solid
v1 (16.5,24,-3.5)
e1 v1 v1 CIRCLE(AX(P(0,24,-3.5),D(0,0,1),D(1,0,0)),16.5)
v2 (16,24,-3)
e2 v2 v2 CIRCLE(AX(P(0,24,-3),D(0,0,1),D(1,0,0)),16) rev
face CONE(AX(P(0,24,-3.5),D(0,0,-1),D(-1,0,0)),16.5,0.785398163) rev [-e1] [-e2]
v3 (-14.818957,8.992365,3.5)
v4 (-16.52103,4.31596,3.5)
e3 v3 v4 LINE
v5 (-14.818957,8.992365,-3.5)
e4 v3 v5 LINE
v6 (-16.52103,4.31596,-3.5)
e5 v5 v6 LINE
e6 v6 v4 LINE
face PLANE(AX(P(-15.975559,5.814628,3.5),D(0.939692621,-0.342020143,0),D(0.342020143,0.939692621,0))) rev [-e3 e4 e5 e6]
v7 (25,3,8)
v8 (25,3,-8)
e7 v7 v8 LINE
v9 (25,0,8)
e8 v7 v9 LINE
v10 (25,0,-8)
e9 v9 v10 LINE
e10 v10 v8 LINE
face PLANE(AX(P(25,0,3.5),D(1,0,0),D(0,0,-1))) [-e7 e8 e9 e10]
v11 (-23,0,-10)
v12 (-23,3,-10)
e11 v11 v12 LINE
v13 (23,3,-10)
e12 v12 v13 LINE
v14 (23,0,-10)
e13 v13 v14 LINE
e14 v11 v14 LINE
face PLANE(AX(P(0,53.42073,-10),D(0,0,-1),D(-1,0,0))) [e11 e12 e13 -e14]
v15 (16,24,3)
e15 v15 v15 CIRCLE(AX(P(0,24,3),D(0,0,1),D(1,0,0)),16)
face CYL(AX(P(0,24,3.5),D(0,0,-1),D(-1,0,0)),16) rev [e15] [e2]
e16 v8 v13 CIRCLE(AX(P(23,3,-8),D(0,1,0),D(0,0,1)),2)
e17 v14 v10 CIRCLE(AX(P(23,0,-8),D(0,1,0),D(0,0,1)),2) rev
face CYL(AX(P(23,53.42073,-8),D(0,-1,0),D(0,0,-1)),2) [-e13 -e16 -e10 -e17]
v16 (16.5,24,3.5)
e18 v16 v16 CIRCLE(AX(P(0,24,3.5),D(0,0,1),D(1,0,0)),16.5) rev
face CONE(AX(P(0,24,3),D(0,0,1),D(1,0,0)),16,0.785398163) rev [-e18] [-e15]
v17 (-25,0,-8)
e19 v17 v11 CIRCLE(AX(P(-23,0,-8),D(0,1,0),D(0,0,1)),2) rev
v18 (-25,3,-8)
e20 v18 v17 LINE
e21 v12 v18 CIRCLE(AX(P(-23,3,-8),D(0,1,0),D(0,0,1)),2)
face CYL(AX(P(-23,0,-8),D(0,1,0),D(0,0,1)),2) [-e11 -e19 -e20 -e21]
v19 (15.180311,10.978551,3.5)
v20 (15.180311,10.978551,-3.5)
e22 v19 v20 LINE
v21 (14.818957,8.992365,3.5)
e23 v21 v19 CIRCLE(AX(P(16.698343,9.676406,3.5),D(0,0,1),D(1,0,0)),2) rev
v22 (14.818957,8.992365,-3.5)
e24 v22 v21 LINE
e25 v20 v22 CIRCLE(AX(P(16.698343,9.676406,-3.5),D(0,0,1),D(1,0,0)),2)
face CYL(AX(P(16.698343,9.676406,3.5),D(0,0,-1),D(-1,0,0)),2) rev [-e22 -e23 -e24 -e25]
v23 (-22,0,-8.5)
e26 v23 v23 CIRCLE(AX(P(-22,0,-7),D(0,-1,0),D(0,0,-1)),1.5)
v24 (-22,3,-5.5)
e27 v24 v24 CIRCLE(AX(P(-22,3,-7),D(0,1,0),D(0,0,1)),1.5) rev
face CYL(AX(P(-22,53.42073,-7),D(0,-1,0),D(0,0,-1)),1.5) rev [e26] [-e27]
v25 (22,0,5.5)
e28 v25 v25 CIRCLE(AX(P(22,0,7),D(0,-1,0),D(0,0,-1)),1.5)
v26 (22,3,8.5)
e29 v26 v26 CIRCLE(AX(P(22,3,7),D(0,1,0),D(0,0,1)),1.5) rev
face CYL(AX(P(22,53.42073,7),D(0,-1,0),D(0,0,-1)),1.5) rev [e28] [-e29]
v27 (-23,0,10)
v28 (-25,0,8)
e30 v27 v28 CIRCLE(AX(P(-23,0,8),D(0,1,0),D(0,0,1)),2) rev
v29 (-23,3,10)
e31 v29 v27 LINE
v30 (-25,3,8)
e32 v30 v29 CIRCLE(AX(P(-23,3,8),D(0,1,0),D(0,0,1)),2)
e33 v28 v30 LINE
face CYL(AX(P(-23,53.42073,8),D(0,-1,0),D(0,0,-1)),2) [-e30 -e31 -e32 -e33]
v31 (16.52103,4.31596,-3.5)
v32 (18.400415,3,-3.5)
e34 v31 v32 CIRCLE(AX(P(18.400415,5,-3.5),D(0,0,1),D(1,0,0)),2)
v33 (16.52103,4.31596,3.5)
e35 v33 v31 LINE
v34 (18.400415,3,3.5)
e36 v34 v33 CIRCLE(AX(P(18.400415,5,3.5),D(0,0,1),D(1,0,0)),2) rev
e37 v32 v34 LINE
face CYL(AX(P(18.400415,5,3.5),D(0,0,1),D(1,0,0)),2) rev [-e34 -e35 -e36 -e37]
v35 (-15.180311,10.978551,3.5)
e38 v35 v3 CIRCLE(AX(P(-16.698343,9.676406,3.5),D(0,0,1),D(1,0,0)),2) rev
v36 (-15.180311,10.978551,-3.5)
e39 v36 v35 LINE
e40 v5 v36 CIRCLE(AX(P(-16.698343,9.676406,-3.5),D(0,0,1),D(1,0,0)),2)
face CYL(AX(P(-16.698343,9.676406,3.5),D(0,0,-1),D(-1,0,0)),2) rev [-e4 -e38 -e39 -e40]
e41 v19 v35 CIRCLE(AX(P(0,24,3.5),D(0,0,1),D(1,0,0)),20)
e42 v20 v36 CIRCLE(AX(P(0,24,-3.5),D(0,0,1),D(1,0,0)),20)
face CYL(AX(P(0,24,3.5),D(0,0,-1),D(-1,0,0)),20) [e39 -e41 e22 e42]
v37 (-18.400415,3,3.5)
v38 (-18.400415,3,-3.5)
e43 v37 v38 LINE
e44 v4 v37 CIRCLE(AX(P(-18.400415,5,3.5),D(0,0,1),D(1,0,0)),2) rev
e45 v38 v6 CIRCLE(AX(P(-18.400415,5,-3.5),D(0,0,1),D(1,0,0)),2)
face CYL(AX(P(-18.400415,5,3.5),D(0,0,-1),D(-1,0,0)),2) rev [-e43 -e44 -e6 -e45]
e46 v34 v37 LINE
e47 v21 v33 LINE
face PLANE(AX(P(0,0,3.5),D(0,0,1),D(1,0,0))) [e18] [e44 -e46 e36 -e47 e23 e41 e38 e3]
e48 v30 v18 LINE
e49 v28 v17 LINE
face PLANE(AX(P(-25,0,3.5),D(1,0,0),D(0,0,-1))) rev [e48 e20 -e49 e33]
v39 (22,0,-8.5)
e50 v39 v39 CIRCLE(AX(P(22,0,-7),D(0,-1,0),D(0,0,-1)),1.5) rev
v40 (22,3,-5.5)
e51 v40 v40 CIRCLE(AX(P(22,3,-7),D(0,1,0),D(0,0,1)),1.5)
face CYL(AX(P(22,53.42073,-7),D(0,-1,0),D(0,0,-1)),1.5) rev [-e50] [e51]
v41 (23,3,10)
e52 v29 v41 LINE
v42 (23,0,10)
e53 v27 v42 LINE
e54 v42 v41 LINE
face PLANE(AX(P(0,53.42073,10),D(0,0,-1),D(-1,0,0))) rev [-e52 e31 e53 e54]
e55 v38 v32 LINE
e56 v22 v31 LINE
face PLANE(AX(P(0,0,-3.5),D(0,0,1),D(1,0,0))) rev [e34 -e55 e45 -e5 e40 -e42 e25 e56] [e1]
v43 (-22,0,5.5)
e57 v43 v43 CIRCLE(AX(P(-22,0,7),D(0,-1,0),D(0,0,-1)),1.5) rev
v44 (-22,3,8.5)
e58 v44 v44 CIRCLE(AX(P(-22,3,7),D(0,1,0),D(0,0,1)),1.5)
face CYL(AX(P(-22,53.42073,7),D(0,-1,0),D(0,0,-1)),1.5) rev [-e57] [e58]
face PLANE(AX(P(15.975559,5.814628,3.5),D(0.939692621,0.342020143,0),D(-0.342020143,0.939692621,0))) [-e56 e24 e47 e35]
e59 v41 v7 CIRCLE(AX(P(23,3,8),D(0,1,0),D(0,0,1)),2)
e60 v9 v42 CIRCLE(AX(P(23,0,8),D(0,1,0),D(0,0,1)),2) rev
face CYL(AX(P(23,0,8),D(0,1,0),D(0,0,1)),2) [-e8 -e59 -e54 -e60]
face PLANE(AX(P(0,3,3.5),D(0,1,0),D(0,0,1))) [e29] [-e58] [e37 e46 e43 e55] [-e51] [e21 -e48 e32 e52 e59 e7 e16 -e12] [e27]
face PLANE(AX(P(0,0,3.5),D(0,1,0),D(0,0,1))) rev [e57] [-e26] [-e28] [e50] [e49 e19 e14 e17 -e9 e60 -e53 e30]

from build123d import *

# Parameters (mm, degrees)
SKETCH_1_R      = 16
EXTRUDE_1_DEPTH = 3.5
SKETCH_2_W      = 50
SKETCH_2_H      = 20
SKETCH_2_R      = 1.5
EXTRUDE_2_DEPTH = 3
FILLET_1_R      = 2
FILLET_2_R      = 2
CHAMFER_1_SIZE  = 0.5


with BuildPart() as part:
    # 草图1 → 凸台-拉伸1 (new, symmetric)
    with BuildSketch(Plane.XY):
        with BuildLine():
            Line((17, 3), (14.406055462, 10.126804045))
            ThreePointArc((14.406055462, 10.126804045), (0, 44), (-14.406055462, 10.126804045))
            Line((-14.406055462, 10.126804045), (-17, 3))
            Line((-17, 3), (-25, 3))
            Line((-25, 3), (-25, 0))
            Line((-25, 0), (25, 0))
            Line((25, 0), (25, 3))
            Line((25, 3), (17, 3))
        make_face()
        with Locations((0, 24)):
            Circle(SKETCH_1_R, mode=Mode.SUBTRACT)
    extrude(amount=EXTRUDE_1_DEPTH, both=True)

    # 草图2 → 凸台-拉伸2 (add)
    with BuildSketch(Plane.XZ):
        Rectangle(SKETCH_2_W, SKETCH_2_H)
        with Locations(Location((-22, -7, 0), (0, 0, 270))):
            Circle(SKETCH_2_R, mode=Mode.SUBTRACT)
        with Locations(Location((22, -7, 0), (0, 0, 270))):
            Circle(SKETCH_2_R, mode=Mode.SUBTRACT)
        with Locations(Location((22, 7, 0), (0, 0, 270))):
            Circle(SKETCH_2_R, mode=Mode.SUBTRACT)
        with Locations(Location((-22, 7, 0), (0, 0, 270))):
            Circle(SKETCH_2_R, mode=Mode.SUBTRACT)
    extrude(amount=-EXTRUDE_2_DEPTH)

    # 圆角1
    fillet_1_edges = [part.edges().sort_by_distance(p)[0] for p in [
        (14.406055462, 10.126804045, 0),
        (17, 3, 0),
        (-17, 3, 0),
        (-14.406055462, 10.126804045, 0),
    ]]
    fillet(fillet_1_edges, radius=FILLET_1_R)

    # 圆角2
    fillet_2_edges = [part.edges().sort_by_distance(p)[0] for p in [
        (-25, 1.5, 10),
        (25, 1.5, 10),
        (-25, 1.5, -10),
        (25, 1.5, -10),
    ]]
    fillet(fillet_2_edges, radius=FILLET_2_R)

    # 倒角1
    chamfer_1_edges = [part.edges().sort_by_distance(p)[0] for p in [
        (-16, 24, -3.5),
        (-16, 24, 3.5),
    ]]
    chamfer(chamfer_1_edges, length=CHAMFER_1_SIZE)


solid = part.part
